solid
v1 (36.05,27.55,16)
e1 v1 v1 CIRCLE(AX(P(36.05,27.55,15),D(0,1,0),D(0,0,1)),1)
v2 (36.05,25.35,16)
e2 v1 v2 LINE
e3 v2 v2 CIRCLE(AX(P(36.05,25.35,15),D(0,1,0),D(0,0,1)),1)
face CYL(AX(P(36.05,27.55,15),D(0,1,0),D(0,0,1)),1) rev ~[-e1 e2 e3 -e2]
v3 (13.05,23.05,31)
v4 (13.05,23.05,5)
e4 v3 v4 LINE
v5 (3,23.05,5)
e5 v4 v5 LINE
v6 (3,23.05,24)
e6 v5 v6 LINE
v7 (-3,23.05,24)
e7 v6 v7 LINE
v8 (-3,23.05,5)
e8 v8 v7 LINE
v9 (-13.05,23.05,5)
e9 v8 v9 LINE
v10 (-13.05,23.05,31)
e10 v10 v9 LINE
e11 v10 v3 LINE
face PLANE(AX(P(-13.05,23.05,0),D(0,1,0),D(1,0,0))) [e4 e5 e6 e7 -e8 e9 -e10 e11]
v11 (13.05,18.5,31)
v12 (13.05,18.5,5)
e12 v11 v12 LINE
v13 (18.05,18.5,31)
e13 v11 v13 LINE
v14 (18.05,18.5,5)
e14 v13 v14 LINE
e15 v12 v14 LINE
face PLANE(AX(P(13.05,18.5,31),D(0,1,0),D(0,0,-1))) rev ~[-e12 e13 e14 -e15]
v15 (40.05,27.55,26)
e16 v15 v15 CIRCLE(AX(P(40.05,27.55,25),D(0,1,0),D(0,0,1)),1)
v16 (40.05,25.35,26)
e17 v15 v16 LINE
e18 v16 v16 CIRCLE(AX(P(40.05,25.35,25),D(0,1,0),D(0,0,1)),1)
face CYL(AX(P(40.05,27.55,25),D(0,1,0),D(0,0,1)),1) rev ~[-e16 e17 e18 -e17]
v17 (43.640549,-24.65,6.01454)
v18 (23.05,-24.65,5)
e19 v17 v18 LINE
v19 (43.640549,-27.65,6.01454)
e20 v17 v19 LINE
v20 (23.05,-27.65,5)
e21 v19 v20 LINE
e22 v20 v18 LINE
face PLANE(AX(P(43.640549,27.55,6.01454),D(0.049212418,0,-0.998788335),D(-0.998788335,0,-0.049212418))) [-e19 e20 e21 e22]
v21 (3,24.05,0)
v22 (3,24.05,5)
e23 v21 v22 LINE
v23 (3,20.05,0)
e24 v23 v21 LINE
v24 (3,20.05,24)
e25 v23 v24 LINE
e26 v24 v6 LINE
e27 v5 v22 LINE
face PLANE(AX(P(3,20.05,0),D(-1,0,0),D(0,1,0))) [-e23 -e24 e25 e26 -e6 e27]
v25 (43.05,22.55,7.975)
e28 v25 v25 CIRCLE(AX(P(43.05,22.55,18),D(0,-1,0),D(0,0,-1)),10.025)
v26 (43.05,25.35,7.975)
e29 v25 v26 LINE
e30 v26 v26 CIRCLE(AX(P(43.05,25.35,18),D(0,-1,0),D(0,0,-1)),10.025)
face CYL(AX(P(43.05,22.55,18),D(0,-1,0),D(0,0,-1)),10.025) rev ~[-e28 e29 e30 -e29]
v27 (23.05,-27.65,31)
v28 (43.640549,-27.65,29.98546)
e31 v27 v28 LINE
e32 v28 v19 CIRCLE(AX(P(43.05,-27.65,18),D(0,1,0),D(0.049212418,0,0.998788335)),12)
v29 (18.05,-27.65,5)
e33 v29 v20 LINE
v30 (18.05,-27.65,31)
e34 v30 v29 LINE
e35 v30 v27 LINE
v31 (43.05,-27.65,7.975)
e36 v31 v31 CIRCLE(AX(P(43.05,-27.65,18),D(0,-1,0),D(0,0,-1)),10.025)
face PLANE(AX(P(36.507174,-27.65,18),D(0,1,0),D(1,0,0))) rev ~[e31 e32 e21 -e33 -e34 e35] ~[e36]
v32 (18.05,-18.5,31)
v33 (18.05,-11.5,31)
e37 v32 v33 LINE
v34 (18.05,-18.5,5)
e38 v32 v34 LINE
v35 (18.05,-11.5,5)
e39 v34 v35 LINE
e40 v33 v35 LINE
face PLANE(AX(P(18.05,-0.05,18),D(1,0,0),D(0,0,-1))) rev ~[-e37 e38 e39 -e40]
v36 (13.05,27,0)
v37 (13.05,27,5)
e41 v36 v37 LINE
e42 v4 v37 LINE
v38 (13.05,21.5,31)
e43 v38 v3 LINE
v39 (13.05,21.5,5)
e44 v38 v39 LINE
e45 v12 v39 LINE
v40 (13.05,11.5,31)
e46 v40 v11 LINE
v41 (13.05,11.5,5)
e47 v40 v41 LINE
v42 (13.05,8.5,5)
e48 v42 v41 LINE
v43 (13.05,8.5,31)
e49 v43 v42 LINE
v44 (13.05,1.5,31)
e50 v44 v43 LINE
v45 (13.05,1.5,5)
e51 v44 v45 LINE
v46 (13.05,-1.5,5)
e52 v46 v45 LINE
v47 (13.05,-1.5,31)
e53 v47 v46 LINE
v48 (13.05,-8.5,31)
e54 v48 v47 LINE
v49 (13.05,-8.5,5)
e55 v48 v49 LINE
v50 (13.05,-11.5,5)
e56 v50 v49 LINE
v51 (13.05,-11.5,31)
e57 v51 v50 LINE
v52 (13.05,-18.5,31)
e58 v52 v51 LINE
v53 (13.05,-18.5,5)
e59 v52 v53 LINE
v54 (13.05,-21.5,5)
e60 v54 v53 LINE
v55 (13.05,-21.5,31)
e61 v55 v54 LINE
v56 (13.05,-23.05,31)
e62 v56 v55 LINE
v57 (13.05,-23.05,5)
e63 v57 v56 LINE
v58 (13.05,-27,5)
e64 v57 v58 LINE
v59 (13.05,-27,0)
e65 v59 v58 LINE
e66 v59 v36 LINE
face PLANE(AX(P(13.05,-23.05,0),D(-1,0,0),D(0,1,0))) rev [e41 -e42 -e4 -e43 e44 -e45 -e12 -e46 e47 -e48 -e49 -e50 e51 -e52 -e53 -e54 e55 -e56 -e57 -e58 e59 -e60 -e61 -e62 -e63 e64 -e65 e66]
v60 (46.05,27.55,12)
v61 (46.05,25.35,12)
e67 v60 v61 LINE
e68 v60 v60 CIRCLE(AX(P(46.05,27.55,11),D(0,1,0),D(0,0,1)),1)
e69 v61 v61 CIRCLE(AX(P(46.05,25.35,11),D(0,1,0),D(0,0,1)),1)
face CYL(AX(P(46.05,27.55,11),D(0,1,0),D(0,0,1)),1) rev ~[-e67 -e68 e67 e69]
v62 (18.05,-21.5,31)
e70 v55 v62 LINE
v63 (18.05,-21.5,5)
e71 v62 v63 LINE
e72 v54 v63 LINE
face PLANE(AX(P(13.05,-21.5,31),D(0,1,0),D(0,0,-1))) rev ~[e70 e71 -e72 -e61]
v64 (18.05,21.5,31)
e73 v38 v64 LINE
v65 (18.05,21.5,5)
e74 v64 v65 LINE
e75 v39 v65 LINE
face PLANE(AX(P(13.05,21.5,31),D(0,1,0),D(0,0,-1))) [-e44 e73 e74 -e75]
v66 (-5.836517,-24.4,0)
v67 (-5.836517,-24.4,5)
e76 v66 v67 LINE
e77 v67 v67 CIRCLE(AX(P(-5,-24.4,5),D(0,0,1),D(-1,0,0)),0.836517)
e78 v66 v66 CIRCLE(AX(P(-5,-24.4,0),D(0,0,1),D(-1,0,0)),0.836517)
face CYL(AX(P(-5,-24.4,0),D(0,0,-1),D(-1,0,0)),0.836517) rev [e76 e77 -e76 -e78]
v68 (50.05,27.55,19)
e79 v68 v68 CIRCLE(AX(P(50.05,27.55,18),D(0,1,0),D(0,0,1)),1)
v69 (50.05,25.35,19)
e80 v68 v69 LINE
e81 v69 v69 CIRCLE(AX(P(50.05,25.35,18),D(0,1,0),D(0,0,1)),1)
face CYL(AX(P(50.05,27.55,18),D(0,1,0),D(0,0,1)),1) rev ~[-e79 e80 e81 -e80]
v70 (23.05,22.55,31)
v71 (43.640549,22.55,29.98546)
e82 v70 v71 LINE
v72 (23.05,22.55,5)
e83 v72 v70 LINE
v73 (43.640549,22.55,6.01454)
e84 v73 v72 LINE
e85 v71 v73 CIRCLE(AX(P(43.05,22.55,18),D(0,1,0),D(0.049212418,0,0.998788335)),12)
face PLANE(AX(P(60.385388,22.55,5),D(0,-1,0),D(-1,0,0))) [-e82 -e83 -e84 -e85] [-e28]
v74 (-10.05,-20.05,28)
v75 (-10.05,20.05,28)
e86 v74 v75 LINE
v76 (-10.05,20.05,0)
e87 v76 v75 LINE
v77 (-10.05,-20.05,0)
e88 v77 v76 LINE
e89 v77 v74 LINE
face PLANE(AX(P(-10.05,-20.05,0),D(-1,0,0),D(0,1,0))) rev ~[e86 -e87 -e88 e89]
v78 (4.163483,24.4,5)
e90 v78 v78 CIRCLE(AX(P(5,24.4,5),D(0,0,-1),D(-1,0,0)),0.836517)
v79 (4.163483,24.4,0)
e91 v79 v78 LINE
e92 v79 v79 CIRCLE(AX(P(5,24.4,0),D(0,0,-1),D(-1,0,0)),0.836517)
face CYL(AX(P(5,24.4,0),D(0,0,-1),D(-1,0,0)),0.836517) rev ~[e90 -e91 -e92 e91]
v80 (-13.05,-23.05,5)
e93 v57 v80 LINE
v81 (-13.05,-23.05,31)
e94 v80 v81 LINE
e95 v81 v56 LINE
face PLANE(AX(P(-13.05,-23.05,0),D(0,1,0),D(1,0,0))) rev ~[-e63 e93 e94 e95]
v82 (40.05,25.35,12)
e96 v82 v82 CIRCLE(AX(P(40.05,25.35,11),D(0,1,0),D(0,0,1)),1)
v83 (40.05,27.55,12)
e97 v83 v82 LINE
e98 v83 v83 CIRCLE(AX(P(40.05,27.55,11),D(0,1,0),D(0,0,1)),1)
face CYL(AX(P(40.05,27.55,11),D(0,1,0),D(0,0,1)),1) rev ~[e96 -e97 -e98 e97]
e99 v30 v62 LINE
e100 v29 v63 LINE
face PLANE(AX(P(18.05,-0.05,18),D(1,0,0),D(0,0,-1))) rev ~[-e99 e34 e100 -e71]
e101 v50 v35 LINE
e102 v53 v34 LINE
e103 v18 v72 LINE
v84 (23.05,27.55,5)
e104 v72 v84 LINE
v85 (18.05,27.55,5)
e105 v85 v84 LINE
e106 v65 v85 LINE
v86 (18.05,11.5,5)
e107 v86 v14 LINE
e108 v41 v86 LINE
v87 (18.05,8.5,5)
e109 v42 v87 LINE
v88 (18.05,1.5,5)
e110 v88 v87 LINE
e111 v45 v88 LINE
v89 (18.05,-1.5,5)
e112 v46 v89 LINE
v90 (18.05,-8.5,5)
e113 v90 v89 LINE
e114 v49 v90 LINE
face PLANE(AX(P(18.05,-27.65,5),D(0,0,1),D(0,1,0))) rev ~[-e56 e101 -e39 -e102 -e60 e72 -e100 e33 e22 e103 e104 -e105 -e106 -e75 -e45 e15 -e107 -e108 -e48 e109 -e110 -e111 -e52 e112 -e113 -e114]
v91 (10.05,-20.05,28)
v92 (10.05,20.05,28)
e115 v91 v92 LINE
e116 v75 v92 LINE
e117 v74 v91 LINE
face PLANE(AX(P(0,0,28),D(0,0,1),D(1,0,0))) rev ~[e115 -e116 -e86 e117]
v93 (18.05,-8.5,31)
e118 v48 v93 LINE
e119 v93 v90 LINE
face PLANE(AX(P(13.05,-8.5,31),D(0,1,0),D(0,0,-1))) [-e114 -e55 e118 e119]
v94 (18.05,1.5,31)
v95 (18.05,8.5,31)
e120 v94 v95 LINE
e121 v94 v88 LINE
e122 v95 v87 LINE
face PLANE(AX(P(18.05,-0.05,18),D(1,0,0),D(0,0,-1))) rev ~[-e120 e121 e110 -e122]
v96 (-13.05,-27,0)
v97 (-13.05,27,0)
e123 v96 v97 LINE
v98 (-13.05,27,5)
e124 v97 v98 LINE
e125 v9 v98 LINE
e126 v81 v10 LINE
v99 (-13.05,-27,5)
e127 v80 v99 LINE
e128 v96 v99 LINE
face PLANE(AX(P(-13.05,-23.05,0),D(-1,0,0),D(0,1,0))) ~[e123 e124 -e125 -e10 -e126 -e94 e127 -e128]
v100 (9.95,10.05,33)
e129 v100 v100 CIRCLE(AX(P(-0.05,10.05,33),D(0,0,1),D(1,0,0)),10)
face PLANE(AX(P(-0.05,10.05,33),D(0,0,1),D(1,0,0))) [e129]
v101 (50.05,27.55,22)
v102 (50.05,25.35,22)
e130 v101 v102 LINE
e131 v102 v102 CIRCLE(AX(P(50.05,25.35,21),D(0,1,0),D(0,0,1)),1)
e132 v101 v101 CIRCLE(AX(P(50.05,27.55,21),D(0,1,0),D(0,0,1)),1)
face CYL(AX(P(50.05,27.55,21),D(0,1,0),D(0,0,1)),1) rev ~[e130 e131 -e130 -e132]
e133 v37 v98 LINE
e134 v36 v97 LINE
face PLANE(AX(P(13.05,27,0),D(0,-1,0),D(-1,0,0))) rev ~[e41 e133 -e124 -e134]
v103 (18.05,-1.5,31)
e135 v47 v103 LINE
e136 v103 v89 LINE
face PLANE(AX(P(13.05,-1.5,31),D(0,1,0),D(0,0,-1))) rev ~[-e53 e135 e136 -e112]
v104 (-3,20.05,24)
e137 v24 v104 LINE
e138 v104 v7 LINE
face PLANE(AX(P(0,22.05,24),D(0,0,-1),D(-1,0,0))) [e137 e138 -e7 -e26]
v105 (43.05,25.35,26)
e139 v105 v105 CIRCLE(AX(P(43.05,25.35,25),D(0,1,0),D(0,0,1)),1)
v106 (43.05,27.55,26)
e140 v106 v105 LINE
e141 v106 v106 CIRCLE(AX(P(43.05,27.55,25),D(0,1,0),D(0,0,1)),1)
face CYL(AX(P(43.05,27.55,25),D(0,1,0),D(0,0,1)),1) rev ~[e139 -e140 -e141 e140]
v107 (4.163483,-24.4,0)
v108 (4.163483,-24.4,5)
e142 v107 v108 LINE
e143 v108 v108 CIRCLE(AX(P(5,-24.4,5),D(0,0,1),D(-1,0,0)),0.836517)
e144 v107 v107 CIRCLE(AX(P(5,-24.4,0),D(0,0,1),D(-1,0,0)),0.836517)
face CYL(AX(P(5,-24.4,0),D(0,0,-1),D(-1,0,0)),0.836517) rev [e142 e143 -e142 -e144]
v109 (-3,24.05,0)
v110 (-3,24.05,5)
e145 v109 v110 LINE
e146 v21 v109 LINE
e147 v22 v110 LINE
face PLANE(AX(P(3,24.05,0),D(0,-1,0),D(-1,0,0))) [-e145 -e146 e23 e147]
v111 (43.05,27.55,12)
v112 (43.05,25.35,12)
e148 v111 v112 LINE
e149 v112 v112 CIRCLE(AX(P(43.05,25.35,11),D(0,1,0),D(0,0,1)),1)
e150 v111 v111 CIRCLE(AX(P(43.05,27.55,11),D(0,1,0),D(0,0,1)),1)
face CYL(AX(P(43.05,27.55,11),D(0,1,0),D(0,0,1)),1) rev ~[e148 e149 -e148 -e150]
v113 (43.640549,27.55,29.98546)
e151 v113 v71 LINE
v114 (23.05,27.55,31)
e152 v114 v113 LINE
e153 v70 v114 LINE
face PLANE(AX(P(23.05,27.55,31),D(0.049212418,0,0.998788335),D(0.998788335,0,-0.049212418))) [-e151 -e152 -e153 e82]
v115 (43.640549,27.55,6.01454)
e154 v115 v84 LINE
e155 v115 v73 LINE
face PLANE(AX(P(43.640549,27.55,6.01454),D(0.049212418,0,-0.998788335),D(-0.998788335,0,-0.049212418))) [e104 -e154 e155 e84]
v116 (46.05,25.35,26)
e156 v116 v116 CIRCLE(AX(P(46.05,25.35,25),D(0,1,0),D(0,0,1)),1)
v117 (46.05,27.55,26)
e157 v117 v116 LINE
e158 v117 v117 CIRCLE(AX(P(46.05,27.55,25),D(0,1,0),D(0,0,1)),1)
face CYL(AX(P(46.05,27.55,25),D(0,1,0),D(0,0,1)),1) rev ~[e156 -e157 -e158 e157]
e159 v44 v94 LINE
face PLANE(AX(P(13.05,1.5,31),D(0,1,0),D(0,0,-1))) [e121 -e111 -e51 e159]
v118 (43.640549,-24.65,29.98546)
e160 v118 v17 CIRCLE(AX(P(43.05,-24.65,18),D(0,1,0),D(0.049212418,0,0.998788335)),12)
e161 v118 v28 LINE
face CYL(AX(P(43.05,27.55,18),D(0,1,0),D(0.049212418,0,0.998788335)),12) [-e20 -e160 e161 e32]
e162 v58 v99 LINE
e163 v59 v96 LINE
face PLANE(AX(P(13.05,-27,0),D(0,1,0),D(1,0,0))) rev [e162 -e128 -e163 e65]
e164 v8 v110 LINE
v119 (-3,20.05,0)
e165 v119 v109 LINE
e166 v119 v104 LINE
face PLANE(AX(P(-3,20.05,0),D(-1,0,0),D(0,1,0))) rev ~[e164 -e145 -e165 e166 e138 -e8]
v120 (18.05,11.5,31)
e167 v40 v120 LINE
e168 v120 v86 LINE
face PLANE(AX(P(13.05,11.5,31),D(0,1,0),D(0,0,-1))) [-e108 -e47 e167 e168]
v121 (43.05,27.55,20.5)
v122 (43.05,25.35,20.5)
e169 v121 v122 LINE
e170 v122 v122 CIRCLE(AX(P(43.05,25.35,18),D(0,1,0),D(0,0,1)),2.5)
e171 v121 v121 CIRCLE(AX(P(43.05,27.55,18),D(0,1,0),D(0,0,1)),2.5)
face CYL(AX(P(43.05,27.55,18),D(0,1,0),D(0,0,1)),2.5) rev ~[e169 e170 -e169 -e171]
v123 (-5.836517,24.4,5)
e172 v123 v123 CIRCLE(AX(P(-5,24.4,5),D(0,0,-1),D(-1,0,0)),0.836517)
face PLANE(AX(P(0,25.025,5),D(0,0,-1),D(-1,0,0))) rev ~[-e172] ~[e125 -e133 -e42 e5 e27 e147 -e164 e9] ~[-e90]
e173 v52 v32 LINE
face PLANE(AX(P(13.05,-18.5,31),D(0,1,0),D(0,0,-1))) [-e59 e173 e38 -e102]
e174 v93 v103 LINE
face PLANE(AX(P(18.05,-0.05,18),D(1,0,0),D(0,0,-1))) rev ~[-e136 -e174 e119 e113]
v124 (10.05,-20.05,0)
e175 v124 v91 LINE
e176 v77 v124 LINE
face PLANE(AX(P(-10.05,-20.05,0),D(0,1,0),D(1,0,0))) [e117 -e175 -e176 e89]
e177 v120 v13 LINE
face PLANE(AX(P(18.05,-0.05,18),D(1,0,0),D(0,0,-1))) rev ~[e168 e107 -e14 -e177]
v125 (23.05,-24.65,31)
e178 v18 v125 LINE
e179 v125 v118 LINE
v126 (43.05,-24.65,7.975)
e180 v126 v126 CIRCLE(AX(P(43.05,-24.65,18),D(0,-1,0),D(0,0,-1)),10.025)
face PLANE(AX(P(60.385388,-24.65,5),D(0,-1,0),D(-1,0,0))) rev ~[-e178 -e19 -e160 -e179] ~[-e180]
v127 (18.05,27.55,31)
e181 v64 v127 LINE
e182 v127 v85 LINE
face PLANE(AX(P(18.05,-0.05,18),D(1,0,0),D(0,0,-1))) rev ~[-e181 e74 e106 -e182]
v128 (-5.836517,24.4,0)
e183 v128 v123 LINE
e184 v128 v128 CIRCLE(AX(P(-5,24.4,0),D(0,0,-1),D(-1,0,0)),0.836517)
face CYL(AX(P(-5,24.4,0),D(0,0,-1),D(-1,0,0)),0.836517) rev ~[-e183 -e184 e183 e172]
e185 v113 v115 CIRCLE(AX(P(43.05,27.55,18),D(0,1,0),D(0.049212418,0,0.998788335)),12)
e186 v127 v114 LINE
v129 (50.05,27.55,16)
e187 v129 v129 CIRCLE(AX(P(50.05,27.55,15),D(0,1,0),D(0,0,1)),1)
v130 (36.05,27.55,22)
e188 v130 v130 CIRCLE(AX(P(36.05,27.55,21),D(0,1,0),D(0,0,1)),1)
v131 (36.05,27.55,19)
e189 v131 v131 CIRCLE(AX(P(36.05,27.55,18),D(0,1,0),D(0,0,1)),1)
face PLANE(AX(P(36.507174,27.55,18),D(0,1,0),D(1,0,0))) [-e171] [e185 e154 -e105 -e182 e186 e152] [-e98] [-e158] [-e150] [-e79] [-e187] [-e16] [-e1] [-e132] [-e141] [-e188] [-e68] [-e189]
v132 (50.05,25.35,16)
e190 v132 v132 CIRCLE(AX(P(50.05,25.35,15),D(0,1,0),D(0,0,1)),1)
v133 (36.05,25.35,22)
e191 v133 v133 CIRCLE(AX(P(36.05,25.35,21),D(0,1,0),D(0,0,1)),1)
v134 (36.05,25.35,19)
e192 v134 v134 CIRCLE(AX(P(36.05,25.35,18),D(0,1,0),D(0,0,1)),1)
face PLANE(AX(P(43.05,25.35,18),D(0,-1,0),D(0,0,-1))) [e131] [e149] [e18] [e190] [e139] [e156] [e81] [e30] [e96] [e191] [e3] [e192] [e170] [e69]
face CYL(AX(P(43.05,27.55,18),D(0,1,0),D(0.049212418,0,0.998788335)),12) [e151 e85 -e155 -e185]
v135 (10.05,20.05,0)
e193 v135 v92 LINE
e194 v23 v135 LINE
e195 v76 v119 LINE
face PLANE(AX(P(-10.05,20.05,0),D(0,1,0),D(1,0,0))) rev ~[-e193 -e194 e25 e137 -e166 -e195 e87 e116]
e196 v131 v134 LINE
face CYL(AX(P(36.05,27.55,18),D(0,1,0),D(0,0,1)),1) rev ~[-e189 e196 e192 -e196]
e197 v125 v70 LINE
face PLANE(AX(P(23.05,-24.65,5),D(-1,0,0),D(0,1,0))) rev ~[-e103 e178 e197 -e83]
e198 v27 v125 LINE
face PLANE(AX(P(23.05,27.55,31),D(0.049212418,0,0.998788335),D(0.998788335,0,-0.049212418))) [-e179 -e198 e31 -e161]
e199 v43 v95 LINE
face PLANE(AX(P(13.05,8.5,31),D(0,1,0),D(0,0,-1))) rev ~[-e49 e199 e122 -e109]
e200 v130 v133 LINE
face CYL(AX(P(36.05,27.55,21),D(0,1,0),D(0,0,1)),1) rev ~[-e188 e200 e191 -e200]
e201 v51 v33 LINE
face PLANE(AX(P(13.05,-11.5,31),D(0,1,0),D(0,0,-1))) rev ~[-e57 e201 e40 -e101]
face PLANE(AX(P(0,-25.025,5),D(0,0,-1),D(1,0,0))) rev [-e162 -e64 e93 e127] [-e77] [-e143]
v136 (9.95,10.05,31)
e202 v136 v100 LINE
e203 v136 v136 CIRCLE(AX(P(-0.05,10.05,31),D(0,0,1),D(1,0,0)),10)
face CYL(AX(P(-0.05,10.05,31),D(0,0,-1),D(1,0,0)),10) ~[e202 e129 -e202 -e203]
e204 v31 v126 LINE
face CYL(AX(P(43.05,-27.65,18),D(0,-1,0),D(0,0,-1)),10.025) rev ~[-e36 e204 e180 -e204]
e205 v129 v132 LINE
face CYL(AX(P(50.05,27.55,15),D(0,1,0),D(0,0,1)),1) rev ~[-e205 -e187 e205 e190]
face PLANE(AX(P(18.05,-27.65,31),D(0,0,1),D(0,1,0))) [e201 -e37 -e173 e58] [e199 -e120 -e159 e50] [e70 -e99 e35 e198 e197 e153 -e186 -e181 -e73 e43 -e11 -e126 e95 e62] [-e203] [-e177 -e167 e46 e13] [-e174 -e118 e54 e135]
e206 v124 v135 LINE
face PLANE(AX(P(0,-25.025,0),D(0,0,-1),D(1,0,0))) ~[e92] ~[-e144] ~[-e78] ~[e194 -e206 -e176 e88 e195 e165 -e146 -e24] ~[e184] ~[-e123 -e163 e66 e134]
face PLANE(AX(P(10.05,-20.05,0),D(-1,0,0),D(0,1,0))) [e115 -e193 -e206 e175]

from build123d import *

# Parameters (mm, degrees)
SKETCH1_W           = 26.1
SKETCH1_H           = 46.1
SKETCH1_W_2         = 20.1
SKETCH1_H_2         = 40.1
BOSS_EXTRUDE1_DEPTH = 31
SKETCH2_W           = 26.1
SKETCH2_H           = 46.1
BOSS_EXTRUDE2_DEPTH = 3
SKETCH3_R           = 10
BOSS_EXTRUDE3_DEPTH = 2
SKETCH4_W           = 26.1
SKETCH4_H           = 3.95
SKETCH4_R           = 0.836516838
BOSS_EXTRUDE4_DEPTH = 5
SKETCH5_W           = 26
SKETCH5_H           = 3
BOSS_EXTRUDE5_DEPTH = 5
SKETCH7_W           = 26
SKETCH7_H           = 55.2
BOSS_EXTRUDE6_DEPTH = 5
BOSS_EXTRUDE7_DEPTH = 55.2
SKETCH9_R           = 2.5
SKETCH9_R_2         = 1
CUT_EXTRUDE1_DEPTH  = 13.2
SKETCH10_R          = 10.025
CUT_EXTRUDE2_DEPTH  = 13.2
SKETCH11_W          = 37.335387761
SKETCH11_H          = 47.2
CUT_EXTRUDE3_DEPTH  = 43.2
SKETCH12_R          = 10.025
CUT_EXTRUDE4_DEPTH  = 2.8
SKETCH13_W          = 6
SKETCH13_H          = 4
CUT_EXTRUDE5_DEPTH  = 24


with BuildPart() as part:
    # Sketch1 → Boss-Extrude1 (new body)
    with BuildSketch(Plane.XY):
        Rectangle(SKETCH1_W, SKETCH1_H)
        Rectangle(SKETCH1_W_2, SKETCH1_H_2, mode=Mode.SUBTRACT)
    extrude(amount=BOSS_EXTRUDE1_DEPTH)

    # Sketch2 → Boss-Extrude2 (add)
    with BuildSketch(Plane.XY.offset(31)):
        Rectangle(SKETCH2_W, SKETCH2_H)
    extrude(amount=-BOSS_EXTRUDE2_DEPTH)

    # Sketch3 → Boss-Extrude3 (add)
    with BuildSketch(Plane.XY.offset(31)):
        with Locations((-0.05, 10.05)):
            Circle(SKETCH3_R)
    extrude(amount=BOSS_EXTRUDE3_DEPTH)

    # Sketch4 → Boss-Extrude4 (add)
    with BuildSketch(Plane(origin=(0, 0, 0), x_dir=(-1, 0, 0), z_dir=(0, 0, -1))):
        with Locations((0, 25.025)):
            Rectangle(SKETCH4_W, SKETCH4_H)
        with Locations((-5, 24.4)):
            Circle(SKETCH4_R, mode=Mode.SUBTRACT)
        with Locations((5, 24.4)):
            Circle(SKETCH4_R, mode=Mode.SUBTRACT)
    boss_extrude4 = extrude(amount=-BOSS_EXTRUDE4_DEPTH)

    # Mirror1: Boss-Extrude4 across plane
    add(boss_extrude4.mirror(Plane.ZX))

    # Sketch5 → Boss-Extrude5 (add)
    with BuildSketch(Plane(origin=(13.05, 0, 0), x_dir=(0, 0, -1), z_dir=(1, 0, 0))):
        with Locations((-18, 20)):
            Rectangle(SKETCH5_W, SKETCH5_H)
        with Locations((-18, 10)):
            Rectangle(SKETCH5_W, SKETCH5_H)
        with Locations((-18, 0)):
            Rectangle(SKETCH5_W, SKETCH5_H)
        with Locations((-18, -10)):
            Rectangle(SKETCH5_W, SKETCH5_H)
        with Locations((-18, -20)):
            Rectangle(SKETCH5_W, SKETCH5_H)
    extrude(amount=BOSS_EXTRUDE5_DEPTH)

    # Sketch7 → Boss-Extrude6 (add)
    with BuildSketch(Plane(origin=(18.05, 0, 0), x_dir=(0, 0, -1), z_dir=(1, 0, 0))):
        with Locations((-18, -0.05)):
            Rectangle(SKETCH7_W, SKETCH7_H)
    extrude(amount=BOSS_EXTRUDE6_DEPTH)

    # Sketch8 → Boss-Extrude7 (add)
    with BuildSketch(Plane(origin=(0, 27.55, 0), x_dir=(1, 0, 0), z_dir=(0, 1, 0))):
        with BuildLine():
            Line((43.640549012, -6.014539981), (23.05, -5))
            Line((23.05, -5), (23.05, -31))
            Line((23.05, -31), (43.640549012, -29.985460019))
            ThreePointArc((43.640549012, -29.985460019), (55.05, -18), (43.640549012, -6.014539981))
        make_face()
    extrude(amount=-BOSS_EXTRUDE7_DEPTH)

    # Sketch9 → Cut-Extrude1 (cut)
    with BuildSketch(Plane(origin=(0, 27.55, 0), x_dir=(1, 0, 0), z_dir=(0, 1, 0))):
        with Locations(Location((43.05, -18, 0), (0, 0, 270))):
            Circle(SKETCH9_R)
        with Locations(Location((50.05, -15, 0), (0, 0, 270))):
            Circle(SKETCH9_R_2)
        with Locations(Location((50.05, -18, 0), (0, 0, 270))):
            Circle(SKETCH9_R_2)
        with Locations(Location((50.05, -21, 0), (0, 0, 270))):
            Circle(SKETCH9_R_2)
        with Locations(Location((46.05, -25, 0), (0, 0, 270))):
            Circle(SKETCH9_R_2)
        with Locations(Location((43.05, -25, 0), (0, 0, 270))):
            Circle(SKETCH9_R_2)
        with Locations(Location((40.05, -25, 0), (0, 0, 270))):
            Circle(SKETCH9_R_2)
        with Locations(Location((36.05, -21, 0), (0, 0, 270))):
            Circle(SKETCH9_R_2)
        with Locations(Location((36.05, -18, 0), (0, 0, 270))):
            Circle(SKETCH9_R_2)
        with Locations(Location((36.05, -15, 0), (0, 0, 270))):
            Circle(SKETCH9_R_2)
        with Locations(Location((40.05, -11, 0), (0, 0, 270))):
            Circle(SKETCH9_R_2)
        with Locations(Location((43.05, -11, 0), (0, 0, 270))):
            Circle(SKETCH9_R_2)
        with Locations(Location((46.05, -11, 0), (0, 0, 270))):
            Circle(SKETCH9_R_2)
    extrude(amount=-CUT_EXTRUDE1_DEPTH, mode=Mode.SUBTRACT)

    # Sketch10 → Cut-Extrude2 (cut)
    with BuildSketch(Plane.XZ.offset(27.65)):
        with Locations(Location((43.05, 18, 0), (0, 0, 270))):
            Circle(SKETCH10_R)
    extrude(amount=-CUT_EXTRUDE2_DEPTH, mode=Mode.SUBTRACT)

    # Sketch11 → Cut-Extrude3 (cut)
    with BuildSketch(Plane(origin=(0, 0, 5), x_dir=(-1, 0, 0), z_dir=(0, 0, -1))):
        with Locations((-41.717693881, -1.05)):
            Rectangle(SKETCH11_W, SKETCH11_H)
    extrude(amount=-CUT_EXTRUDE3_DEPTH, mode=Mode.SUBTRACT)

    # Sketch12 → Cut-Extrude4 (cut)
    with BuildSketch(Plane.XZ.offset(-22.55)):
        with Locations(Location((43.05, 18, 0), (0, 0, 270))):
            Circle(SKETCH12_R)
    extrude(amount=-CUT_EXTRUDE4_DEPTH, mode=Mode.SUBTRACT)

    # Sketch13 → Cut-Extrude5 (cut)
    with BuildSketch(Plane(origin=(0, 0, 0), x_dir=(-1, 0, 0), z_dir=(0, 0, -1))):
        with Locations((0, 22.05)):
            Rectangle(SKETCH13_W, SKETCH13_H)
    extrude(amount=-CUT_EXTRUDE5_DEPTH, mode=Mode.SUBTRACT)


solid = part.part
